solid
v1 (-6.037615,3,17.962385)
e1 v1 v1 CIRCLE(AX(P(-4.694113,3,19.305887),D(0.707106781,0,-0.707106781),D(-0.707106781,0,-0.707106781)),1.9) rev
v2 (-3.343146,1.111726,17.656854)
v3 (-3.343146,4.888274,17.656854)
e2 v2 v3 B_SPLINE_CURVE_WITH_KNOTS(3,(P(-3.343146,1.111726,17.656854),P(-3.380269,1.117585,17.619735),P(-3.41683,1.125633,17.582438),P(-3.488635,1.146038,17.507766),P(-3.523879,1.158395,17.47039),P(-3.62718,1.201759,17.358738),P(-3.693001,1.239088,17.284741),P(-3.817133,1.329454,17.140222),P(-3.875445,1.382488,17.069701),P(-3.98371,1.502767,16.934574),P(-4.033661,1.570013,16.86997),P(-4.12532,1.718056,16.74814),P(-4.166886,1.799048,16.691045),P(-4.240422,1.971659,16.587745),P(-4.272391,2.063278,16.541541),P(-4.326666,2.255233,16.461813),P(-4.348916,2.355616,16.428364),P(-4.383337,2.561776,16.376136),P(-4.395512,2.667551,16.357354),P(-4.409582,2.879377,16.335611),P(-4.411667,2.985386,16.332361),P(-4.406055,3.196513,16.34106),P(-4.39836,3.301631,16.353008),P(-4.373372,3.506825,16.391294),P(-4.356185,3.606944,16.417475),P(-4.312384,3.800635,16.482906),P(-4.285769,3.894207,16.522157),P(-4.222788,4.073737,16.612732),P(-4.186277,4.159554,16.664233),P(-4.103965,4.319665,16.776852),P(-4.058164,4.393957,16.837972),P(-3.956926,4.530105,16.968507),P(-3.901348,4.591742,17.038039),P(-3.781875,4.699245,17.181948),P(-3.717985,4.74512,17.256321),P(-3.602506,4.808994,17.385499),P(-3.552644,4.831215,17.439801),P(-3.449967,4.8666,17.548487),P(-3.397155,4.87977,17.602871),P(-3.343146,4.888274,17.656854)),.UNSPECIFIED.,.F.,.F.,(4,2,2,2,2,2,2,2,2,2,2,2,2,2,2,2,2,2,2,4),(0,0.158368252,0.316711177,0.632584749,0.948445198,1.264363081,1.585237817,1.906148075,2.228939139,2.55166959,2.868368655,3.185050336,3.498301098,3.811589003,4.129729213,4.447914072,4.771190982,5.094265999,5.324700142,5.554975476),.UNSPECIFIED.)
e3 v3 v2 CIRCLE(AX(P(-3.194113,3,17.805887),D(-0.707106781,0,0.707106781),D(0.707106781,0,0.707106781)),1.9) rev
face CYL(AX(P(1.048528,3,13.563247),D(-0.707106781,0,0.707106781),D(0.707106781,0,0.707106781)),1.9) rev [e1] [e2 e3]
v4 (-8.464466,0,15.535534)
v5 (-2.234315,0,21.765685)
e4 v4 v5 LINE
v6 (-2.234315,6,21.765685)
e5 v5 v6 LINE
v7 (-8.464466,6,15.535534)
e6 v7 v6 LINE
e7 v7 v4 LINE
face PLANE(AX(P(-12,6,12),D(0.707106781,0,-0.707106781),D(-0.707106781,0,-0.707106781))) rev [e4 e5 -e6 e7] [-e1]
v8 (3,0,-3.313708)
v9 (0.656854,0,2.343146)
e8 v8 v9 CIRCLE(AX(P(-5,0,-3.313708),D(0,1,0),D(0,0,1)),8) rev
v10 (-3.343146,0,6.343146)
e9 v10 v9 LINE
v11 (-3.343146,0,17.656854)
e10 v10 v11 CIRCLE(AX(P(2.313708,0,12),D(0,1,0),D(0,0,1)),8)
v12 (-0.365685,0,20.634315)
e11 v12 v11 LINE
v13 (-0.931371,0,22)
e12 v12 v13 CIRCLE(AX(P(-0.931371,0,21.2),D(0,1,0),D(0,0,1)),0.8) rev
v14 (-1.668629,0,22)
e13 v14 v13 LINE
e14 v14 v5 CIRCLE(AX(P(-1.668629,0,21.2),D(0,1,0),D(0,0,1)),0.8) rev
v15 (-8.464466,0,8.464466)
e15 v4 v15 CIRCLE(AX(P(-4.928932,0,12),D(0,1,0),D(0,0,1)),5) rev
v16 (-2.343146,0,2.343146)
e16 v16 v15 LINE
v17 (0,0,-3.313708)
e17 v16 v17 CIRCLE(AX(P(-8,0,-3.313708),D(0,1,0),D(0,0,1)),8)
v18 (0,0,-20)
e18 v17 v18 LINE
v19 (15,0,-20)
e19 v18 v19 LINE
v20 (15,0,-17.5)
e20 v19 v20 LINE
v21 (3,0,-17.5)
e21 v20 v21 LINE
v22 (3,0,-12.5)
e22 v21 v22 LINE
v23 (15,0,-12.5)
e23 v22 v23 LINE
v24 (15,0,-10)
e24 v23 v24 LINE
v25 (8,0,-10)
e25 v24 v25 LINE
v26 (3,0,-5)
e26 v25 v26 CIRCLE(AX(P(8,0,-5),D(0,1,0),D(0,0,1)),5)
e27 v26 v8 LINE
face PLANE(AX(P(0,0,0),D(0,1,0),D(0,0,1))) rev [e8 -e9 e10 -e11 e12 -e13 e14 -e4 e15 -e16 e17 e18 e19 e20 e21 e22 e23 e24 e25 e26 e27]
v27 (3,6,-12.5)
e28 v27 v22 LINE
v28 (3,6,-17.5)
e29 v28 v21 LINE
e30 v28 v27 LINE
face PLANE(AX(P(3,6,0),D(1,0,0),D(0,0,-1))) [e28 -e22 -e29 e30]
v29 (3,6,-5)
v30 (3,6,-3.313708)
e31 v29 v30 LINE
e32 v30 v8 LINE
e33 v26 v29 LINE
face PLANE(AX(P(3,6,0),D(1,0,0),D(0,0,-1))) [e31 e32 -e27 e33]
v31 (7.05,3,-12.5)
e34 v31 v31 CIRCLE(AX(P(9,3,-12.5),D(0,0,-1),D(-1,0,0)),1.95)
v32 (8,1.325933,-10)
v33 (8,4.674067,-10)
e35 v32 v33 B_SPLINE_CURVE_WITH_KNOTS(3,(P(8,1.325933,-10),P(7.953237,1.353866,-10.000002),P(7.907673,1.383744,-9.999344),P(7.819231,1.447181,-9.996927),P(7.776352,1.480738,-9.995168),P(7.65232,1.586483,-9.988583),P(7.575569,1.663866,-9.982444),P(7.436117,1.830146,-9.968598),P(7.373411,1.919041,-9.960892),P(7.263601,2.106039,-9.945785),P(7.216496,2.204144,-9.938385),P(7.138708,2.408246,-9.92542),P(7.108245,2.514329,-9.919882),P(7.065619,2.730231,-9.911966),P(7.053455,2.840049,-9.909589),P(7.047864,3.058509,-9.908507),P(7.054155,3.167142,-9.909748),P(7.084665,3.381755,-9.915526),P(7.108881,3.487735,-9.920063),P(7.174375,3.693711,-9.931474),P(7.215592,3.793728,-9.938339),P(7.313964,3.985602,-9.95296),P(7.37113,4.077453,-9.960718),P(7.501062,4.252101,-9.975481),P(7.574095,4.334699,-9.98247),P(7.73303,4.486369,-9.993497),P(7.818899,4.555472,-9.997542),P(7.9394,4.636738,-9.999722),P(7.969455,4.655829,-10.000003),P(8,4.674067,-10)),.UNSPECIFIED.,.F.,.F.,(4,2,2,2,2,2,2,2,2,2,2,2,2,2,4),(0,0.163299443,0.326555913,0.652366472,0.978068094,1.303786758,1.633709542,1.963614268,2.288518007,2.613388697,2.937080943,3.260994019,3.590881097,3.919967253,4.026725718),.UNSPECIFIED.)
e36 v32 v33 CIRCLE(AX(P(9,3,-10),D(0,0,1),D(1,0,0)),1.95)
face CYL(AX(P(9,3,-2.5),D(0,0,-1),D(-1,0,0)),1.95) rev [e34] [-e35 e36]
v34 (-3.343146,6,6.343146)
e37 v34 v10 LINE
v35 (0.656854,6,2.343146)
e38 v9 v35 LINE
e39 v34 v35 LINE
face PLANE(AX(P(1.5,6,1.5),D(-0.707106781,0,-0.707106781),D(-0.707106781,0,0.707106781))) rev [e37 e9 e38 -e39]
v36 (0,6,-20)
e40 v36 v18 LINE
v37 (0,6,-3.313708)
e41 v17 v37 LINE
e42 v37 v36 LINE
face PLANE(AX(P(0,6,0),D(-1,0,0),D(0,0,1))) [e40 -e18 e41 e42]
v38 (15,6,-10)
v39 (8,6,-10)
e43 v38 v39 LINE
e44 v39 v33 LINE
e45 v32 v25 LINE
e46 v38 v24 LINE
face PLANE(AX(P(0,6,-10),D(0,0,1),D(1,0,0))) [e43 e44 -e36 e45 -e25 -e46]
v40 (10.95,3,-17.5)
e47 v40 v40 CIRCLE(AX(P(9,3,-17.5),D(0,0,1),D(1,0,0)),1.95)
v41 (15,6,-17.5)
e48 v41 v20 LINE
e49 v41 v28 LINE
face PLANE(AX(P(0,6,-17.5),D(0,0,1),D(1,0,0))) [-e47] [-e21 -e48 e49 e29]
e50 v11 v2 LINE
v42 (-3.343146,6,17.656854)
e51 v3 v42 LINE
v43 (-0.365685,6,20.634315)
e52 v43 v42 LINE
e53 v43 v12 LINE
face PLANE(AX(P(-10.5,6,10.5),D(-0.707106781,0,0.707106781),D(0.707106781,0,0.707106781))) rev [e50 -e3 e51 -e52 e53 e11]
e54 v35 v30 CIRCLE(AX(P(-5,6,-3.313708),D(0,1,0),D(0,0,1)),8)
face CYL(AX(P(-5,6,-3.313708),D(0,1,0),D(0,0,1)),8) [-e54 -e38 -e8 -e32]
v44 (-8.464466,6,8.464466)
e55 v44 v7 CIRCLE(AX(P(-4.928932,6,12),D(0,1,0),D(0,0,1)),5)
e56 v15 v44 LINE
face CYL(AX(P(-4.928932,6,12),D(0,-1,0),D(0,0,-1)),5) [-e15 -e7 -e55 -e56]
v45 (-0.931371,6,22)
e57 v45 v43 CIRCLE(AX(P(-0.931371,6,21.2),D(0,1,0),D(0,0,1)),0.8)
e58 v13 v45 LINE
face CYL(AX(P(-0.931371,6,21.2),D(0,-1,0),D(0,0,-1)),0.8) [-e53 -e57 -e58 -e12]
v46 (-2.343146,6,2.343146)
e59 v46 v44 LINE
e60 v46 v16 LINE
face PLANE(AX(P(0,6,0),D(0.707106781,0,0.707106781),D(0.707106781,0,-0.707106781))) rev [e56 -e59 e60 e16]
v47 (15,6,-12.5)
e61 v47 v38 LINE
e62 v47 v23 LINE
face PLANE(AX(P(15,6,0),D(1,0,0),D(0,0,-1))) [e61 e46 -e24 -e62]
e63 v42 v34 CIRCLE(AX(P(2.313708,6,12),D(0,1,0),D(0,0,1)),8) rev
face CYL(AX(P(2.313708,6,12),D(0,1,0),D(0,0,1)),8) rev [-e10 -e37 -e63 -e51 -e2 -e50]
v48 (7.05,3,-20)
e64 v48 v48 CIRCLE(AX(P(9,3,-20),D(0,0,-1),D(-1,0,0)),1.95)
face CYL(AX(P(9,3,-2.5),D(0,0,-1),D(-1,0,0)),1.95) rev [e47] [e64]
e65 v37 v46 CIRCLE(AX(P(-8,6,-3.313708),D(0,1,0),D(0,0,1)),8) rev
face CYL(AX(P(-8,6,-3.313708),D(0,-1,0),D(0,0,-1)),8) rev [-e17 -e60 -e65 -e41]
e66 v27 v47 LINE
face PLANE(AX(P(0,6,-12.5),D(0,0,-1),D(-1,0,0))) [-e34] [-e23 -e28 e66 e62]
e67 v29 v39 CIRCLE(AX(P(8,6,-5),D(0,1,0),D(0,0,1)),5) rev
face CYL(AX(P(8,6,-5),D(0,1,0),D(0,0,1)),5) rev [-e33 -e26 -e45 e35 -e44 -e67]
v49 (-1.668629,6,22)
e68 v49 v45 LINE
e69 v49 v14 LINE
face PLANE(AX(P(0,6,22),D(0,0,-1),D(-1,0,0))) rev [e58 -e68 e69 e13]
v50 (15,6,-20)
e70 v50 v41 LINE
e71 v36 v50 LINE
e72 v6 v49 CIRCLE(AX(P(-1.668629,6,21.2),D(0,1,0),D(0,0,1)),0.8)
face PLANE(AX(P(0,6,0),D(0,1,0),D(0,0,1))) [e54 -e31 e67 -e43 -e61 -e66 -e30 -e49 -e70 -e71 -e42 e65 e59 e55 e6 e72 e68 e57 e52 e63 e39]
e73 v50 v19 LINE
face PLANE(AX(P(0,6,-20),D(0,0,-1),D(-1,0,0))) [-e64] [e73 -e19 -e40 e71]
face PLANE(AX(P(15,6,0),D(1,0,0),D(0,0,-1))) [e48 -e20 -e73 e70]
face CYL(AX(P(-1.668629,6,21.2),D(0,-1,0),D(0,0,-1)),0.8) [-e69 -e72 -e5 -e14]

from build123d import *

# Parameters (mm, degrees)
SALIENTE_EXTRUIR1_DEPTH    = 6
REDONDEO1_R                = 8
REDONDEO2_R                = 5
REDONDEO3_R                = 8
REDONDEO4_R                = 0.8
CORTAR_EXTRUIR1_DEPTH      = 6
CORTAR_EXTRUIR1_DEPTH_BACK = 6
CROQUIS2_R                 = 1.9
REDONDEO5_R                = 5
CORTAR_EXTRUIR2_DEPTH      = 39.095275313
CORTAR_EXTRUIR2_DEPTH_BACK = 10
CROQUIS3_R                 = 1.95


with BuildPart() as part:
    # Croquis1 → Saliente-Extruir1 (new body)
    with BuildSketch(Plane(origin=(0, 0, 0), x_dir=(1, 0, 0), z_dir=(0, 1, 0))):
        Polygon((0, 20), (0, 0), (-12, -12), (-2, -22), (1, -22), (-9, -12), (3, 0), (3, 10), (15, 10), (15, 12.5), (3, 12.5), (3, 17.5), (15, 17.5), (15, 20), align=None)
    extrude(amount=SALIENTE_EXTRUIR1_DEPTH)

    # Redondeo1
    redondeo1_edges = [part.edges().sort_by_distance(p)[0] for p in [
        (-9, 3, 12),
    ]]
    fillet(redondeo1_edges, radius=REDONDEO1_R)

    # Redondeo2
    redondeo2_edges = [part.edges().sort_by_distance(p)[0] for p in [
        (-12, 3, 12),
    ]]
    fillet(redondeo2_edges, radius=REDONDEO2_R)

    # Redondeo3
    redondeo3_edges = [part.edges().sort_by_distance(p)[0] for p in [
        (0, 3, 0),
        (3, 3, 0),
    ]]
    fillet(redondeo3_edges, radius=REDONDEO3_R)

    # Redondeo4
    redondeo4_edges = [part.edges().sort_by_distance(p)[0] for p in [
        (-2, 3, 22),
        (1, 3, 22),
    ]]
    fillet(redondeo4_edges, radius=REDONDEO4_R)

    # Croquis2 → Cortar-Extruir1 (cut, two sides: drawn at the far end of the back side and taken through both)
    with BuildSketch(Plane(origin=(-10.5, 0, 10.5), x_dir=(-0.7071067811865541, 0, -0.7071067811865409), z_dir=(0.7071067811865409, 0, -0.7071067811865541)).offset(-CORTAR_EXTRUIR1_DEPTH_BACK)):
        with Locations((-10.332085117, 3)):
            Circle(CROQUIS2_R)
    extrude(amount=CORTAR_EXTRUIR1_DEPTH + CORTAR_EXTRUIR1_DEPTH_BACK, mode=Mode.SUBTRACT)

    # Redondeo5
    redondeo5_edges = [part.edges().sort_by_distance(p)[0] for p in [
        (3, 3, -10),
    ]]
    fillet(redondeo5_edges, radius=REDONDEO5_R)

    # Croquis3 → Cortar-Extruir2 (cut, two sides: drawn at the far end of the back side and taken through both)
    with BuildSketch(Plane(origin=(0, 0, -12.5), x_dir=(-1, 0, 0), z_dir=(0, 0, -1)).offset(-CORTAR_EXTRUIR2_DEPTH_BACK)):
        with Locations((-9, 3)):
            Circle(CROQUIS3_R)
    extrude(amount=CORTAR_EXTRUIR2_DEPTH + CORTAR_EXTRUIR2_DEPTH_BACK, mode=Mode.SUBTRACT)


solid = part.part
